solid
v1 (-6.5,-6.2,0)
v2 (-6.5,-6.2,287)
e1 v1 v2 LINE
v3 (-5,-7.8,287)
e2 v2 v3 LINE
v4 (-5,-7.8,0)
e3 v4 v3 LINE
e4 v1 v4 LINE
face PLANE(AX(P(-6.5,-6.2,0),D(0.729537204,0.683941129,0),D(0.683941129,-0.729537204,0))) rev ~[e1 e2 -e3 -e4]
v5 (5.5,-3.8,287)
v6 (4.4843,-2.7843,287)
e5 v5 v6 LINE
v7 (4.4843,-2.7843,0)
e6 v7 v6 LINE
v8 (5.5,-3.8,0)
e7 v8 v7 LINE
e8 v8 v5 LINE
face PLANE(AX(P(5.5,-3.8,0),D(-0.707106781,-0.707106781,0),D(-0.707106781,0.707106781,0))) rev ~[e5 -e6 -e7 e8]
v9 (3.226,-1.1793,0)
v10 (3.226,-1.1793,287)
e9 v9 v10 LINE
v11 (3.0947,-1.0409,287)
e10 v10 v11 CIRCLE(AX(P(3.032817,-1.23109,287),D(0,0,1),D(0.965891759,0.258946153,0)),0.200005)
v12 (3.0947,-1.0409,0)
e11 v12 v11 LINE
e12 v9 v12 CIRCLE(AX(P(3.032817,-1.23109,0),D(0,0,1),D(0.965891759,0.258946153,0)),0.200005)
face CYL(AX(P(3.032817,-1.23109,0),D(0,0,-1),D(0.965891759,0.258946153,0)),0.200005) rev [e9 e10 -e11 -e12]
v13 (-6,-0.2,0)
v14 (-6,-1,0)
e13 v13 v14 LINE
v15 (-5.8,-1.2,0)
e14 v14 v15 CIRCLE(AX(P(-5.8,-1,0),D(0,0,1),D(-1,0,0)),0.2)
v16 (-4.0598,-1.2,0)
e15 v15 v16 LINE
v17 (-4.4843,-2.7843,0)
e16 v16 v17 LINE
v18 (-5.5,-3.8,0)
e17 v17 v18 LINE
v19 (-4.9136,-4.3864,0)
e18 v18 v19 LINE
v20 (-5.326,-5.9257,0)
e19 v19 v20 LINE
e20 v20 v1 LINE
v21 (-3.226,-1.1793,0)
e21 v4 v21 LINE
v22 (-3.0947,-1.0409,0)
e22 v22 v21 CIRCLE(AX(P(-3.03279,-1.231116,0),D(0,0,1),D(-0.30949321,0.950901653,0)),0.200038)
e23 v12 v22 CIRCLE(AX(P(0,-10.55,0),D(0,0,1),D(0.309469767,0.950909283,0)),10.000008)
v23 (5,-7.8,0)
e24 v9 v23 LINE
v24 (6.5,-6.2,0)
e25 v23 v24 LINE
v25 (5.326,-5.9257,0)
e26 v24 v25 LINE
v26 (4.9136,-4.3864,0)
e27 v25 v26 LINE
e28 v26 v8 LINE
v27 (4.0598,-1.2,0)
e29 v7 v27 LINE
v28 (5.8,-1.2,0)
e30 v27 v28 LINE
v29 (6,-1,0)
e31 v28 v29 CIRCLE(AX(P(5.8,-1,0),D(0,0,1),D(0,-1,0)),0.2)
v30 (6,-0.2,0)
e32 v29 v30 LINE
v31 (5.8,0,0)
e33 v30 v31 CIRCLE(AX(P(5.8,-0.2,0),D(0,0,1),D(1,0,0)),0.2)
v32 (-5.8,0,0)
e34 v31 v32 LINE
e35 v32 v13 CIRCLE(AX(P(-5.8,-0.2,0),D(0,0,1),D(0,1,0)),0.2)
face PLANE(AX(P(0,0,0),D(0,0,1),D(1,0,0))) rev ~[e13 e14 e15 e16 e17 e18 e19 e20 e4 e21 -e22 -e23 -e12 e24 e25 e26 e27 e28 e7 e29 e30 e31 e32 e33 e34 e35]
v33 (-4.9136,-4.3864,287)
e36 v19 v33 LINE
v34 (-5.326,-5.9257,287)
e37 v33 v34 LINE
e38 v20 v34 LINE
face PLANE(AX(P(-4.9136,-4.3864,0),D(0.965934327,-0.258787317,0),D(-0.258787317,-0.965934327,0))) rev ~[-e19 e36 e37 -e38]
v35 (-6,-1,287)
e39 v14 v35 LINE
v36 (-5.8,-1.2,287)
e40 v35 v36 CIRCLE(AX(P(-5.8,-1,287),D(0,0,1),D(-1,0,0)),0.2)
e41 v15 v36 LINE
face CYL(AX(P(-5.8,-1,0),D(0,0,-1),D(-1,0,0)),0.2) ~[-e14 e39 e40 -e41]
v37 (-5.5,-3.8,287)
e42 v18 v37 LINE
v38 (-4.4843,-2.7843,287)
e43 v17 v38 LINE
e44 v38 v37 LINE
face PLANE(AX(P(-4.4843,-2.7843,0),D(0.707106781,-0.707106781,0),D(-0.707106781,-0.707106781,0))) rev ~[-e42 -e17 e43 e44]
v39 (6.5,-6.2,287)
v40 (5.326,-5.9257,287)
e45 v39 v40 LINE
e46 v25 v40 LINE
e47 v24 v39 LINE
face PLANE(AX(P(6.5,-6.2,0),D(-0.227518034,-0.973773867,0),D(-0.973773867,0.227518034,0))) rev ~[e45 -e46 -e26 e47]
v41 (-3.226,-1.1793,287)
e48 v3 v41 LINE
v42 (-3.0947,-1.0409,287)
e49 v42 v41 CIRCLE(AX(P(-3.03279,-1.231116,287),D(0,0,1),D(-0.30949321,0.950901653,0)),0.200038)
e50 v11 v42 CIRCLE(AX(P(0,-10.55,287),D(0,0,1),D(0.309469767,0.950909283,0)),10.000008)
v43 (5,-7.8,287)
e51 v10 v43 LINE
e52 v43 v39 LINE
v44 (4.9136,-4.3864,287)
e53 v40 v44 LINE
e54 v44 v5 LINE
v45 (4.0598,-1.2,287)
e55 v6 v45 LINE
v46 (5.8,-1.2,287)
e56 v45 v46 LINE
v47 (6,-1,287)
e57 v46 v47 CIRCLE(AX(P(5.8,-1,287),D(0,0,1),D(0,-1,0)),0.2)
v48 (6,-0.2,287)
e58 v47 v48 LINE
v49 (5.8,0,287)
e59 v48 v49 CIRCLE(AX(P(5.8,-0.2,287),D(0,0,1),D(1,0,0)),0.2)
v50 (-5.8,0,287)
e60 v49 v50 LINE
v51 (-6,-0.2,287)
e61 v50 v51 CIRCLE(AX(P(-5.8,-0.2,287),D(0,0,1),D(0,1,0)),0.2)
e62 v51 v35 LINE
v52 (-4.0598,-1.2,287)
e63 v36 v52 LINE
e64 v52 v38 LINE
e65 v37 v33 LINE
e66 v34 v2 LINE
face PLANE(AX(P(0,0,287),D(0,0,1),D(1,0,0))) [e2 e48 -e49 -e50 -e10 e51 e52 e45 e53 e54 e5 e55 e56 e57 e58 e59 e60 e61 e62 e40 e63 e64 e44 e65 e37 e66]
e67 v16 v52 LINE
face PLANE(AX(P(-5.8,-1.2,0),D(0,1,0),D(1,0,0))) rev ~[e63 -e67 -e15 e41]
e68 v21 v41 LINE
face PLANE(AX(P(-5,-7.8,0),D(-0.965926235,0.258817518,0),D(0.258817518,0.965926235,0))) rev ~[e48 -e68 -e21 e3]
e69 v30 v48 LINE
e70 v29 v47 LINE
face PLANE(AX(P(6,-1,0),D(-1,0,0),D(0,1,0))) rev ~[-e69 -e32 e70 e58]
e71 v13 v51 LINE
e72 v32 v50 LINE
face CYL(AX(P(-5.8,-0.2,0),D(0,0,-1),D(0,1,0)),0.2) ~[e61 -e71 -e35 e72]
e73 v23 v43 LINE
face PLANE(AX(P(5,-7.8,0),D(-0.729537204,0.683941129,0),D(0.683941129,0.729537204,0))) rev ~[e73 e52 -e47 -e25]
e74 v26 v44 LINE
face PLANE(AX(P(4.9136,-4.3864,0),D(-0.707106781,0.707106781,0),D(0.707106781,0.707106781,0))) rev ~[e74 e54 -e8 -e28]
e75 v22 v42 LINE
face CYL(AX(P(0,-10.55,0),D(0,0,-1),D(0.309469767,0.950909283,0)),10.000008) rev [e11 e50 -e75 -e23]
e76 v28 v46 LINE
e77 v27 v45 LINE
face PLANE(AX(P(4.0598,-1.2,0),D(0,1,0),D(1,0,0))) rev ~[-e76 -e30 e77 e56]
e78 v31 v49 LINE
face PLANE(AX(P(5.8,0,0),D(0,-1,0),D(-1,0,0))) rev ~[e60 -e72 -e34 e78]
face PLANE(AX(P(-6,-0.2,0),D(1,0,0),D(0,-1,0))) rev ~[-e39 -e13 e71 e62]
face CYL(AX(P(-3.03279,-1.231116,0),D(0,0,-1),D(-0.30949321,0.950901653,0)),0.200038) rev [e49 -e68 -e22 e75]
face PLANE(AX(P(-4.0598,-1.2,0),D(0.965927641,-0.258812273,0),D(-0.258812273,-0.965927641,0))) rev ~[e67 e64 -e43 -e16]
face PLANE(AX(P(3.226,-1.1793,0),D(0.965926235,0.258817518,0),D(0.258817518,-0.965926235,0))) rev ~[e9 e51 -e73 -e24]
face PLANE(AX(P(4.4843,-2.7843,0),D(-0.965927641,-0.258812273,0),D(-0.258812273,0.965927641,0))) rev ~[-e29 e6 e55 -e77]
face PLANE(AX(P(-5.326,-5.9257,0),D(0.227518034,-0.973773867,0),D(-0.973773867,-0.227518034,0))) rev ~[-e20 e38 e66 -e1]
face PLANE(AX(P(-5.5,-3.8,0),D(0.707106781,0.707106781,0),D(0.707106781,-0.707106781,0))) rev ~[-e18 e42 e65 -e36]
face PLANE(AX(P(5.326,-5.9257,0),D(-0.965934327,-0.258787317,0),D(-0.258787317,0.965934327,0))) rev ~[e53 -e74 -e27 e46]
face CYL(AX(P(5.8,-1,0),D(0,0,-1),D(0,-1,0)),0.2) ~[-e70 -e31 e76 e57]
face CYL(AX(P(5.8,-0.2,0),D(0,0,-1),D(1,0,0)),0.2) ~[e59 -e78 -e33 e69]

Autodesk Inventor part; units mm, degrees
sketch "Sketch_1" plane through (0, 0, 0) normal (0, 0, 1) x (1, 0, 0)
  line L0 (-6.5, -6.2) -> (-5, -7.8)
  line L1 (-5, -7.8) -> (-3.226, -1.1793)
  arc A0 (-3.0947, -1.0409) -> (-3.226, -1.1793) centre (-3.0328, -1.2311) ccw
  arc A1 (3.0947, -1.0409) -> (-3.0947, -1.0409) centre (0, -10.55) ccw
  arc A2 (3.226, -1.1793) -> (3.0947, -1.0409) centre (3.0328, -1.2311) ccw
  line L2 (3.226, -1.1793) -> (5, -7.8)
  line L3 (5, -7.8) -> (6.5, -6.2)
  line L4 (6.5, -6.2) -> (5.326, -5.9257)
  line L5 (5.326, -5.9257) -> (4.9136, -4.3864)
  line L6 (4.9136, -4.3864) -> (5.5, -3.8)
  line L7 (5.5, -3.8) -> (4.4843, -2.7843)
  line L8 (4.4843, -2.7843) -> (4.0598, -1.2)
  line L9 (4.0598, -1.2) -> (5.8, -1.2)
  arc A3 (5.8, -1.2) -> (6, -1) centre (5.8, -1) ccw
  line L10 (6, -1) -> (6, -0.2)
  arc A4 (6, -0.2) -> (5.8, 0) centre (5.8, -0.2) ccw
  line L11 (5.8, 0) -> (-5.8, 0)
  arc A5 (-5.8, 0) -> (-6, -0.2) centre (-5.8, -0.2) ccw
  line L12 (-6, -0.2) -> (-6, -1)
  arc A6 (-6, -1) -> (-5.8, -1.2) centre (-5.8, -1) ccw
  line L13 (-5.8, -1.2) -> (-4.0598, -1.2)
  line L14 (-4.0598, -1.2) -> (-4.4843, -2.7843)
  line L15 (-4.4843, -2.7843) -> (-5.5, -3.8)
  line L16 (-5.5, -3.8) -> (-4.9136, -4.3864)
  line L17 (-4.9136, -4.3864) -> (-5.326, -5.9257)
  line L18 (-5.326, -5.9257) -> (-6.5, -6.2)
extrude "Extrusion1" add sketch "Sketch_1" along normal blind 287
ref_plane "ABDECKPROFIL_XY" through (0, 0, 287) normal (0, 0, -1) x (1, 0, 0)
ref_plane "ABDECKPROFIL_YZ" through (0, 0, 287) normal (1, 0, 0) x (0, -1, 0)
ref_plane "ABDECKPROFIL_ZX" through (0, 0, 287) normal (0, -1, 0) x (0, 0, -1)
properties part number "SLZ_63_Abdeck_Profil#_2871"
